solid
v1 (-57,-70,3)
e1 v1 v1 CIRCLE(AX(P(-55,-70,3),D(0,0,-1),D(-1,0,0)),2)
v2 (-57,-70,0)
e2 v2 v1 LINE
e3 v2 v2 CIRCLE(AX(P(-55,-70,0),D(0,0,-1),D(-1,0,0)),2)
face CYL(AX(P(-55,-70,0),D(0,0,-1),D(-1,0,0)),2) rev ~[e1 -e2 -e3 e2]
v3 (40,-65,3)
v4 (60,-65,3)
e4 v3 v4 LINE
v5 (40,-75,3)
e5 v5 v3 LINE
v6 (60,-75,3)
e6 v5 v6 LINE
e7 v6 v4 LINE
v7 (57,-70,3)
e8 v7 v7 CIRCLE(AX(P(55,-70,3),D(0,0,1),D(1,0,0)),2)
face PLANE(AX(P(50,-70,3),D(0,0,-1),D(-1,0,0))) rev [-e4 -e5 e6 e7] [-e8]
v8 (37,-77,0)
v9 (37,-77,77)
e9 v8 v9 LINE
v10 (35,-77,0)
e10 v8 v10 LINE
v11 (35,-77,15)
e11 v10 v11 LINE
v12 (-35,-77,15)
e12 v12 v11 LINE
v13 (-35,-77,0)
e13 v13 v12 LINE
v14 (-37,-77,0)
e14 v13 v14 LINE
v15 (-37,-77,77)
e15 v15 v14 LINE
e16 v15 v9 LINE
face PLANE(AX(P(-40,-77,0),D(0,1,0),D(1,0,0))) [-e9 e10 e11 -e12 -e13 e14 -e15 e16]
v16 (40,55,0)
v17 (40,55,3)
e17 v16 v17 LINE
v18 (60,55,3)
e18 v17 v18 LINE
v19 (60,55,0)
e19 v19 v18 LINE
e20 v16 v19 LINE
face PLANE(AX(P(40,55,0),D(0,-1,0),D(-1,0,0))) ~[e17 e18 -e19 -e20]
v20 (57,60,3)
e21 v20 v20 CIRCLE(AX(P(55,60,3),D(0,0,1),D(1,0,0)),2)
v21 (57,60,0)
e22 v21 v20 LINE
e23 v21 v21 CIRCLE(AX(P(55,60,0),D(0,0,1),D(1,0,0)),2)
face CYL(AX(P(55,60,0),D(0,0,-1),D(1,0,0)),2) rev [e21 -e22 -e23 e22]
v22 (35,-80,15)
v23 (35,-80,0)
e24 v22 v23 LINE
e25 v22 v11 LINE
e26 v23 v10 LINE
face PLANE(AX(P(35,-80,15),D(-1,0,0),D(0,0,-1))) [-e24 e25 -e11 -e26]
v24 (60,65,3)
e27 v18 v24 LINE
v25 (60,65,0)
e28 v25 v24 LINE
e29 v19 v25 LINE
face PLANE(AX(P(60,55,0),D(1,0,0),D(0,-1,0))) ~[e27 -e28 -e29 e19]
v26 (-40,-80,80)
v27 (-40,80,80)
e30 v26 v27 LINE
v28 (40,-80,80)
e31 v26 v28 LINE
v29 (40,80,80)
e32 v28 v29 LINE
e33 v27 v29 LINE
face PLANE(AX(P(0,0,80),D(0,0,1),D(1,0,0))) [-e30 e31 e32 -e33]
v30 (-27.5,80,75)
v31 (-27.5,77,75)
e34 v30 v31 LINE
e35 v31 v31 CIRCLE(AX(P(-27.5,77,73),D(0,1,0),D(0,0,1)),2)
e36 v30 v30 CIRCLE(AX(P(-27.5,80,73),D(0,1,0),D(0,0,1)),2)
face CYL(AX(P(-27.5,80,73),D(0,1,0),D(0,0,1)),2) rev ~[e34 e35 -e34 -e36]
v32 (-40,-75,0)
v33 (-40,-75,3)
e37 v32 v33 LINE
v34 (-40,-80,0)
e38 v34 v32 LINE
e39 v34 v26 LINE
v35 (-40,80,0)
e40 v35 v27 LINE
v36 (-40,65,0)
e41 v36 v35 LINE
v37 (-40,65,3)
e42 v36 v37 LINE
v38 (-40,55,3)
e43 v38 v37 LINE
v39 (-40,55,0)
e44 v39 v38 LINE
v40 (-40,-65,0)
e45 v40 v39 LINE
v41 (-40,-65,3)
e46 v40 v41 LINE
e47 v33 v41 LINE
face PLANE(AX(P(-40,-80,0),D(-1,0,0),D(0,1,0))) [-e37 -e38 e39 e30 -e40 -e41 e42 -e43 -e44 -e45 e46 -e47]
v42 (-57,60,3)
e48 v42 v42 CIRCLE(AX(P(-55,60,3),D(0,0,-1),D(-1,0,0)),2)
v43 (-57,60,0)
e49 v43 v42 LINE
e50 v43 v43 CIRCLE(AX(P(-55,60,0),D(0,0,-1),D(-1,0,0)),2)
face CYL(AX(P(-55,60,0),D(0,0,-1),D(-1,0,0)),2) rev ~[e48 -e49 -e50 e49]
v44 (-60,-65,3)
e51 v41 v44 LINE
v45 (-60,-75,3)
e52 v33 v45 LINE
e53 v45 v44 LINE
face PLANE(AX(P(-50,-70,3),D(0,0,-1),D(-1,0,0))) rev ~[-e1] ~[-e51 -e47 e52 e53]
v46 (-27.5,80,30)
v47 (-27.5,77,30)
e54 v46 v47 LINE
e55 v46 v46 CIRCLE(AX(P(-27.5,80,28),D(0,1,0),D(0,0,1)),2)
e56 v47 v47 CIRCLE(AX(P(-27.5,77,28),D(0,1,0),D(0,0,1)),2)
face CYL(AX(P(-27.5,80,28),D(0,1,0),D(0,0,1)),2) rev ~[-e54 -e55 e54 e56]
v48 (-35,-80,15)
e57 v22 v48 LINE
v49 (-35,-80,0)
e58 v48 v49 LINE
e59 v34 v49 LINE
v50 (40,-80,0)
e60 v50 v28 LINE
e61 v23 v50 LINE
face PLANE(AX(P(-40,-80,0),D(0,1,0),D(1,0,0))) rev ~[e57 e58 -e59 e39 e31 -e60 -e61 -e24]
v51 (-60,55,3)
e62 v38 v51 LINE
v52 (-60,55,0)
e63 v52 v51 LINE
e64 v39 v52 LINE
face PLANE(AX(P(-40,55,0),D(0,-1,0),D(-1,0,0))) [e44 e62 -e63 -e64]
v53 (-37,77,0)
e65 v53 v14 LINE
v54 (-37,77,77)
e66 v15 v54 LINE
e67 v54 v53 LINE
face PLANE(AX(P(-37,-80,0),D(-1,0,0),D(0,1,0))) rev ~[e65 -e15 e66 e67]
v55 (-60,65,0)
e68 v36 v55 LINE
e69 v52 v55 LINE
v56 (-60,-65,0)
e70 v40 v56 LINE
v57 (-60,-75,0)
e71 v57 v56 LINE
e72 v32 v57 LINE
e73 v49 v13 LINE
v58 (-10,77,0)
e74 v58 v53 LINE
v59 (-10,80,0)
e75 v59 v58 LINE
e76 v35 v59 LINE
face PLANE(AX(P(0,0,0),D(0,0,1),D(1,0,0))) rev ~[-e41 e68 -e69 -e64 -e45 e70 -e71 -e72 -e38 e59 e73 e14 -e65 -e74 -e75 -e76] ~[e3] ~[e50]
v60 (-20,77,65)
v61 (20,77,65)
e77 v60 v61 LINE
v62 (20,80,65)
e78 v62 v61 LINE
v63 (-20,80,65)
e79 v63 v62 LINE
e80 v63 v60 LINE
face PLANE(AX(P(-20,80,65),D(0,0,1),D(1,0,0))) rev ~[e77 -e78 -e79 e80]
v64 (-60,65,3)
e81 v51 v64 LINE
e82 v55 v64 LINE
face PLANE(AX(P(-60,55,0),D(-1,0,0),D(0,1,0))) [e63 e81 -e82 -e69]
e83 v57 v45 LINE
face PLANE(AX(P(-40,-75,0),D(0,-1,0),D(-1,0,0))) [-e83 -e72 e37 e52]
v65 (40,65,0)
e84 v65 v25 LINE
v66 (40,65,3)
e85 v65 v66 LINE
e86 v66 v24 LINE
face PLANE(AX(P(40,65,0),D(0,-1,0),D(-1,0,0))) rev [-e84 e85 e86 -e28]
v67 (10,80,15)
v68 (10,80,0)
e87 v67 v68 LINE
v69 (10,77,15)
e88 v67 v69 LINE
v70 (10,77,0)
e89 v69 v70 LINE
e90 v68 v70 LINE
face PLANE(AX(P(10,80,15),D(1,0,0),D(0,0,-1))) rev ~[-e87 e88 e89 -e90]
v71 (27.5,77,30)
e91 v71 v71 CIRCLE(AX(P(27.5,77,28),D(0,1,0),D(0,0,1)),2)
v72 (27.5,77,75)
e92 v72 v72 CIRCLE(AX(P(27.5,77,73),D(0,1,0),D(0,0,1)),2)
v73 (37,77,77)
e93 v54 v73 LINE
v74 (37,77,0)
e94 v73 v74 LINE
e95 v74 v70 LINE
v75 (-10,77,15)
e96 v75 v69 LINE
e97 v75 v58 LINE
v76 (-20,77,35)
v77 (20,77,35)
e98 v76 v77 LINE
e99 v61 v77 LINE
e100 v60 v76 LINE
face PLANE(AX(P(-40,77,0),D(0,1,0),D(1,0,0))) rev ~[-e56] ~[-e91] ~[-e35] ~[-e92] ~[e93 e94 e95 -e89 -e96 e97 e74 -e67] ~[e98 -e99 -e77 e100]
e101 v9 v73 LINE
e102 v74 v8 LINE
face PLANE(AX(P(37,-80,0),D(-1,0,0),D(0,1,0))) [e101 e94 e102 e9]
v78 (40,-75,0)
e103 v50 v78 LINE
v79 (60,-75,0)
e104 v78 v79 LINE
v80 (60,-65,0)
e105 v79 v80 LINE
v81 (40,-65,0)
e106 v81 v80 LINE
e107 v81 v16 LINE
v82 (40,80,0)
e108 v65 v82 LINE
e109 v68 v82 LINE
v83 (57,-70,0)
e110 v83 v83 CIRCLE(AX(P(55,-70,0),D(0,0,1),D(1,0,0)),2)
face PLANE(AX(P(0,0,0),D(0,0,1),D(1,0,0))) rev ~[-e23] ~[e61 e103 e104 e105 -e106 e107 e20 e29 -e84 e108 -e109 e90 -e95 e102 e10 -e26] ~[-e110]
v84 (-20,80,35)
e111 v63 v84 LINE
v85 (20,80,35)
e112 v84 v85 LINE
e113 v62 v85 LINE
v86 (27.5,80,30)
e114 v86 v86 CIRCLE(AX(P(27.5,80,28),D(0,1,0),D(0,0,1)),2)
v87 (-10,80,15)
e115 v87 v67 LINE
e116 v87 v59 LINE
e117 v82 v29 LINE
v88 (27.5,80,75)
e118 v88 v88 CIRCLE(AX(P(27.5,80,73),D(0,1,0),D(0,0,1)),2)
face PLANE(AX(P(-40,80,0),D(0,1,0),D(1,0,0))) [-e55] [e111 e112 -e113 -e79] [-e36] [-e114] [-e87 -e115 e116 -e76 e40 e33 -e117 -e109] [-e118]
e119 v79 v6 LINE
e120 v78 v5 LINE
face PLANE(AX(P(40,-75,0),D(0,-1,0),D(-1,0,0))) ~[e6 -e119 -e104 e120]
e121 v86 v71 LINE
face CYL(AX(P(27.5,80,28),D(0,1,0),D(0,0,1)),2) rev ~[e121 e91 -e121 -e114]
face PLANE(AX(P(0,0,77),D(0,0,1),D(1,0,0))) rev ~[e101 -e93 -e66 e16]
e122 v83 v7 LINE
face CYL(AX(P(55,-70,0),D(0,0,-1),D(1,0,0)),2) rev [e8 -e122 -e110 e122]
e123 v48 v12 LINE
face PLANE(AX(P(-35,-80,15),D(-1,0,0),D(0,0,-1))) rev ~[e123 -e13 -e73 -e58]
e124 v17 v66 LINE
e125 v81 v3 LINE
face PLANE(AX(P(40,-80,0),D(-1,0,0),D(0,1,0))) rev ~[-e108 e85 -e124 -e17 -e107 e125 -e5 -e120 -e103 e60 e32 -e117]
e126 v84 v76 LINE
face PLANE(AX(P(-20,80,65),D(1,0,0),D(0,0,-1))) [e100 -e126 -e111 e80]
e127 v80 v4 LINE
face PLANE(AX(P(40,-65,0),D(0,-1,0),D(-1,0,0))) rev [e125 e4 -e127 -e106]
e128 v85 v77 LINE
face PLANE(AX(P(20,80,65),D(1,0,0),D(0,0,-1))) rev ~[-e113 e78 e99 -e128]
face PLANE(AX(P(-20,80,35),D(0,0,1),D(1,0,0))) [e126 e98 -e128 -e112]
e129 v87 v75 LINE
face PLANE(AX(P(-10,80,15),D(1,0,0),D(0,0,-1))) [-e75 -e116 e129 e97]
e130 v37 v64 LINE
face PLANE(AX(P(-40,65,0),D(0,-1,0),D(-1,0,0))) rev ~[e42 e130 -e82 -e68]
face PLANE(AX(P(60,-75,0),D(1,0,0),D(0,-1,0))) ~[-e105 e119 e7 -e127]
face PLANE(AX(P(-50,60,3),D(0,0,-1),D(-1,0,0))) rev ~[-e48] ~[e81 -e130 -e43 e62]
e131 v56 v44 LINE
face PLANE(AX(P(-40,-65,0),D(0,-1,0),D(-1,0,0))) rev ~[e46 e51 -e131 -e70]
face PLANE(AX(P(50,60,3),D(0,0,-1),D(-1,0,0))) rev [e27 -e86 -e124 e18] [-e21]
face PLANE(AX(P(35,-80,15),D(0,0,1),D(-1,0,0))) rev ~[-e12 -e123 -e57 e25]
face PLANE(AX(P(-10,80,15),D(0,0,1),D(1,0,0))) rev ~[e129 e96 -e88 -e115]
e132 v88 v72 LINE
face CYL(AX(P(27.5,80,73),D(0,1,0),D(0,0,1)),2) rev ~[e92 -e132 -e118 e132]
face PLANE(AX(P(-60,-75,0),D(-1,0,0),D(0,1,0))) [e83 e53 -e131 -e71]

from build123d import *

# Parameters (mm, degrees)
SKETCH1_W           = 80
SKETCH1_H           = 160
BOSS_EXTRUDE1_DEPTH = 80
SHELL1_T            = -3
SKETCH2_W           = 40
SKETCH2_H           = 30
CUT_EXTRUDE1_DEPTH  = 70
SKETCH3_W           = 20
SKETCH3_H           = 15
CUT_EXTRUDE2_DEPTH  = 70
SKETCH4_W           = 70
SKETCH4_H           = 15
CUT_EXTRUDE3_DEPTH  = 70
SKETCH5_W           = 20
SKETCH5_H           = 10
SKETCH5_R           = 2
BOSS_EXTRUDE2_DEPTH = 3
SKETCH6_R           = 2
CUT_EXTRUDE4_DEPTH  = 3


with BuildPart() as part:
    # Sketch1 → Boss-Extrude1 (new body)
    with BuildSketch(Plane.XY):
        Rectangle(SKETCH1_W, SKETCH1_H)
    extrude(amount=BOSS_EXTRUDE1_DEPTH)

    # Shell1
    shell1_openings = [part.faces().sort_by_distance(p)[0] for p in [
        (0, 0, 0),
    ]]
    offset(amount=SHELL1_T, openings=shell1_openings, kind=Kind.INTERSECTION)

    # Sketch2 → Cut-Extrude1 (cut)
    with BuildSketch(Plane(origin=(0, 80, 0), x_dir=(1, 0, 0), z_dir=(0, 1, 0))):
        with Locations((0, -50)):
            Rectangle(SKETCH2_W, SKETCH2_H)
    extrude(amount=-CUT_EXTRUDE1_DEPTH, mode=Mode.SUBTRACT)

    # Sketch3 → Cut-Extrude2 (cut)
    with BuildSketch(Plane(origin=(0, 80, 0), x_dir=(1, 0, 0), z_dir=(0, 1, 0))):
        with Locations((0, -7.5)):
            Rectangle(SKETCH3_W, SKETCH3_H)
    extrude(amount=-CUT_EXTRUDE2_DEPTH, mode=Mode.SUBTRACT)

    # Sketch4 → Cut-Extrude3 (cut)
    with BuildSketch(Plane(origin=(0, -80, 0), x_dir=(-1, 0, 0), z_dir=(0, -1, 0))):
        with Locations((0, -7.5)):
            Rectangle(SKETCH4_W, SKETCH4_H)
    extrude(amount=-CUT_EXTRUDE3_DEPTH, mode=Mode.SUBTRACT)

    # Sketch5 → Boss-Extrude2 (add)
    # profile 1 of 2: a face of its own
    with BuildSketch(Plane(origin=(0, 0, 0), x_dir=(-1, 0, 0), z_dir=(0, 0, -1))):
        with Locations((50, 60)):
            Rectangle(SKETCH5_W, SKETCH5_H)
        with Locations((55, 60)):
            Circle(SKETCH5_R, mode=Mode.SUBTRACT)
    # profile 2 of 2: a face of its own
    with BuildSketch(Plane(origin=(0, 0, 0), x_dir=(-1, 0, 0), z_dir=(0, 0, -1))):
        with Locations((50, -70)):
            Rectangle(SKETCH5_W, SKETCH5_H)
        with Locations((55, -70)):
            Circle(SKETCH5_R, mode=Mode.SUBTRACT)
    boss_extrude2 = extrude(amount=-BOSS_EXTRUDE2_DEPTH)

    # Mirror1: Boss-Extrude2 across plane
    add(boss_extrude2.mirror(Plane(origin=(0, 0, 0), x_dir=(0, 0, 1), z_dir=(1, 0, 0))))

    # Sketch6 → Cut-Extrude4 (cut)
    with BuildSketch(Plane(origin=(0, 80, 0), x_dir=(1, 0, 0), z_dir=(0, 1, 0))):
        with Locations(Location((-27.5, -28, 0), (0, 0, 270))):
            Circle(SKETCH6_R)
        with Locations(Location((27.5, -28, 0), (0, 0, 270))):
            Circle(SKETCH6_R)
        with Locations(Location((27.5, -73, 0), (0, 0, 270))):
            Circle(SKETCH6_R)
        with Locations(Location((-27.5, -73, 0), (0, 0, 270))):
            Circle(SKETCH6_R)
    extrude(amount=-CUT_EXTRUDE4_DEPTH, mode=Mode.SUBTRACT)


solid = part.part
